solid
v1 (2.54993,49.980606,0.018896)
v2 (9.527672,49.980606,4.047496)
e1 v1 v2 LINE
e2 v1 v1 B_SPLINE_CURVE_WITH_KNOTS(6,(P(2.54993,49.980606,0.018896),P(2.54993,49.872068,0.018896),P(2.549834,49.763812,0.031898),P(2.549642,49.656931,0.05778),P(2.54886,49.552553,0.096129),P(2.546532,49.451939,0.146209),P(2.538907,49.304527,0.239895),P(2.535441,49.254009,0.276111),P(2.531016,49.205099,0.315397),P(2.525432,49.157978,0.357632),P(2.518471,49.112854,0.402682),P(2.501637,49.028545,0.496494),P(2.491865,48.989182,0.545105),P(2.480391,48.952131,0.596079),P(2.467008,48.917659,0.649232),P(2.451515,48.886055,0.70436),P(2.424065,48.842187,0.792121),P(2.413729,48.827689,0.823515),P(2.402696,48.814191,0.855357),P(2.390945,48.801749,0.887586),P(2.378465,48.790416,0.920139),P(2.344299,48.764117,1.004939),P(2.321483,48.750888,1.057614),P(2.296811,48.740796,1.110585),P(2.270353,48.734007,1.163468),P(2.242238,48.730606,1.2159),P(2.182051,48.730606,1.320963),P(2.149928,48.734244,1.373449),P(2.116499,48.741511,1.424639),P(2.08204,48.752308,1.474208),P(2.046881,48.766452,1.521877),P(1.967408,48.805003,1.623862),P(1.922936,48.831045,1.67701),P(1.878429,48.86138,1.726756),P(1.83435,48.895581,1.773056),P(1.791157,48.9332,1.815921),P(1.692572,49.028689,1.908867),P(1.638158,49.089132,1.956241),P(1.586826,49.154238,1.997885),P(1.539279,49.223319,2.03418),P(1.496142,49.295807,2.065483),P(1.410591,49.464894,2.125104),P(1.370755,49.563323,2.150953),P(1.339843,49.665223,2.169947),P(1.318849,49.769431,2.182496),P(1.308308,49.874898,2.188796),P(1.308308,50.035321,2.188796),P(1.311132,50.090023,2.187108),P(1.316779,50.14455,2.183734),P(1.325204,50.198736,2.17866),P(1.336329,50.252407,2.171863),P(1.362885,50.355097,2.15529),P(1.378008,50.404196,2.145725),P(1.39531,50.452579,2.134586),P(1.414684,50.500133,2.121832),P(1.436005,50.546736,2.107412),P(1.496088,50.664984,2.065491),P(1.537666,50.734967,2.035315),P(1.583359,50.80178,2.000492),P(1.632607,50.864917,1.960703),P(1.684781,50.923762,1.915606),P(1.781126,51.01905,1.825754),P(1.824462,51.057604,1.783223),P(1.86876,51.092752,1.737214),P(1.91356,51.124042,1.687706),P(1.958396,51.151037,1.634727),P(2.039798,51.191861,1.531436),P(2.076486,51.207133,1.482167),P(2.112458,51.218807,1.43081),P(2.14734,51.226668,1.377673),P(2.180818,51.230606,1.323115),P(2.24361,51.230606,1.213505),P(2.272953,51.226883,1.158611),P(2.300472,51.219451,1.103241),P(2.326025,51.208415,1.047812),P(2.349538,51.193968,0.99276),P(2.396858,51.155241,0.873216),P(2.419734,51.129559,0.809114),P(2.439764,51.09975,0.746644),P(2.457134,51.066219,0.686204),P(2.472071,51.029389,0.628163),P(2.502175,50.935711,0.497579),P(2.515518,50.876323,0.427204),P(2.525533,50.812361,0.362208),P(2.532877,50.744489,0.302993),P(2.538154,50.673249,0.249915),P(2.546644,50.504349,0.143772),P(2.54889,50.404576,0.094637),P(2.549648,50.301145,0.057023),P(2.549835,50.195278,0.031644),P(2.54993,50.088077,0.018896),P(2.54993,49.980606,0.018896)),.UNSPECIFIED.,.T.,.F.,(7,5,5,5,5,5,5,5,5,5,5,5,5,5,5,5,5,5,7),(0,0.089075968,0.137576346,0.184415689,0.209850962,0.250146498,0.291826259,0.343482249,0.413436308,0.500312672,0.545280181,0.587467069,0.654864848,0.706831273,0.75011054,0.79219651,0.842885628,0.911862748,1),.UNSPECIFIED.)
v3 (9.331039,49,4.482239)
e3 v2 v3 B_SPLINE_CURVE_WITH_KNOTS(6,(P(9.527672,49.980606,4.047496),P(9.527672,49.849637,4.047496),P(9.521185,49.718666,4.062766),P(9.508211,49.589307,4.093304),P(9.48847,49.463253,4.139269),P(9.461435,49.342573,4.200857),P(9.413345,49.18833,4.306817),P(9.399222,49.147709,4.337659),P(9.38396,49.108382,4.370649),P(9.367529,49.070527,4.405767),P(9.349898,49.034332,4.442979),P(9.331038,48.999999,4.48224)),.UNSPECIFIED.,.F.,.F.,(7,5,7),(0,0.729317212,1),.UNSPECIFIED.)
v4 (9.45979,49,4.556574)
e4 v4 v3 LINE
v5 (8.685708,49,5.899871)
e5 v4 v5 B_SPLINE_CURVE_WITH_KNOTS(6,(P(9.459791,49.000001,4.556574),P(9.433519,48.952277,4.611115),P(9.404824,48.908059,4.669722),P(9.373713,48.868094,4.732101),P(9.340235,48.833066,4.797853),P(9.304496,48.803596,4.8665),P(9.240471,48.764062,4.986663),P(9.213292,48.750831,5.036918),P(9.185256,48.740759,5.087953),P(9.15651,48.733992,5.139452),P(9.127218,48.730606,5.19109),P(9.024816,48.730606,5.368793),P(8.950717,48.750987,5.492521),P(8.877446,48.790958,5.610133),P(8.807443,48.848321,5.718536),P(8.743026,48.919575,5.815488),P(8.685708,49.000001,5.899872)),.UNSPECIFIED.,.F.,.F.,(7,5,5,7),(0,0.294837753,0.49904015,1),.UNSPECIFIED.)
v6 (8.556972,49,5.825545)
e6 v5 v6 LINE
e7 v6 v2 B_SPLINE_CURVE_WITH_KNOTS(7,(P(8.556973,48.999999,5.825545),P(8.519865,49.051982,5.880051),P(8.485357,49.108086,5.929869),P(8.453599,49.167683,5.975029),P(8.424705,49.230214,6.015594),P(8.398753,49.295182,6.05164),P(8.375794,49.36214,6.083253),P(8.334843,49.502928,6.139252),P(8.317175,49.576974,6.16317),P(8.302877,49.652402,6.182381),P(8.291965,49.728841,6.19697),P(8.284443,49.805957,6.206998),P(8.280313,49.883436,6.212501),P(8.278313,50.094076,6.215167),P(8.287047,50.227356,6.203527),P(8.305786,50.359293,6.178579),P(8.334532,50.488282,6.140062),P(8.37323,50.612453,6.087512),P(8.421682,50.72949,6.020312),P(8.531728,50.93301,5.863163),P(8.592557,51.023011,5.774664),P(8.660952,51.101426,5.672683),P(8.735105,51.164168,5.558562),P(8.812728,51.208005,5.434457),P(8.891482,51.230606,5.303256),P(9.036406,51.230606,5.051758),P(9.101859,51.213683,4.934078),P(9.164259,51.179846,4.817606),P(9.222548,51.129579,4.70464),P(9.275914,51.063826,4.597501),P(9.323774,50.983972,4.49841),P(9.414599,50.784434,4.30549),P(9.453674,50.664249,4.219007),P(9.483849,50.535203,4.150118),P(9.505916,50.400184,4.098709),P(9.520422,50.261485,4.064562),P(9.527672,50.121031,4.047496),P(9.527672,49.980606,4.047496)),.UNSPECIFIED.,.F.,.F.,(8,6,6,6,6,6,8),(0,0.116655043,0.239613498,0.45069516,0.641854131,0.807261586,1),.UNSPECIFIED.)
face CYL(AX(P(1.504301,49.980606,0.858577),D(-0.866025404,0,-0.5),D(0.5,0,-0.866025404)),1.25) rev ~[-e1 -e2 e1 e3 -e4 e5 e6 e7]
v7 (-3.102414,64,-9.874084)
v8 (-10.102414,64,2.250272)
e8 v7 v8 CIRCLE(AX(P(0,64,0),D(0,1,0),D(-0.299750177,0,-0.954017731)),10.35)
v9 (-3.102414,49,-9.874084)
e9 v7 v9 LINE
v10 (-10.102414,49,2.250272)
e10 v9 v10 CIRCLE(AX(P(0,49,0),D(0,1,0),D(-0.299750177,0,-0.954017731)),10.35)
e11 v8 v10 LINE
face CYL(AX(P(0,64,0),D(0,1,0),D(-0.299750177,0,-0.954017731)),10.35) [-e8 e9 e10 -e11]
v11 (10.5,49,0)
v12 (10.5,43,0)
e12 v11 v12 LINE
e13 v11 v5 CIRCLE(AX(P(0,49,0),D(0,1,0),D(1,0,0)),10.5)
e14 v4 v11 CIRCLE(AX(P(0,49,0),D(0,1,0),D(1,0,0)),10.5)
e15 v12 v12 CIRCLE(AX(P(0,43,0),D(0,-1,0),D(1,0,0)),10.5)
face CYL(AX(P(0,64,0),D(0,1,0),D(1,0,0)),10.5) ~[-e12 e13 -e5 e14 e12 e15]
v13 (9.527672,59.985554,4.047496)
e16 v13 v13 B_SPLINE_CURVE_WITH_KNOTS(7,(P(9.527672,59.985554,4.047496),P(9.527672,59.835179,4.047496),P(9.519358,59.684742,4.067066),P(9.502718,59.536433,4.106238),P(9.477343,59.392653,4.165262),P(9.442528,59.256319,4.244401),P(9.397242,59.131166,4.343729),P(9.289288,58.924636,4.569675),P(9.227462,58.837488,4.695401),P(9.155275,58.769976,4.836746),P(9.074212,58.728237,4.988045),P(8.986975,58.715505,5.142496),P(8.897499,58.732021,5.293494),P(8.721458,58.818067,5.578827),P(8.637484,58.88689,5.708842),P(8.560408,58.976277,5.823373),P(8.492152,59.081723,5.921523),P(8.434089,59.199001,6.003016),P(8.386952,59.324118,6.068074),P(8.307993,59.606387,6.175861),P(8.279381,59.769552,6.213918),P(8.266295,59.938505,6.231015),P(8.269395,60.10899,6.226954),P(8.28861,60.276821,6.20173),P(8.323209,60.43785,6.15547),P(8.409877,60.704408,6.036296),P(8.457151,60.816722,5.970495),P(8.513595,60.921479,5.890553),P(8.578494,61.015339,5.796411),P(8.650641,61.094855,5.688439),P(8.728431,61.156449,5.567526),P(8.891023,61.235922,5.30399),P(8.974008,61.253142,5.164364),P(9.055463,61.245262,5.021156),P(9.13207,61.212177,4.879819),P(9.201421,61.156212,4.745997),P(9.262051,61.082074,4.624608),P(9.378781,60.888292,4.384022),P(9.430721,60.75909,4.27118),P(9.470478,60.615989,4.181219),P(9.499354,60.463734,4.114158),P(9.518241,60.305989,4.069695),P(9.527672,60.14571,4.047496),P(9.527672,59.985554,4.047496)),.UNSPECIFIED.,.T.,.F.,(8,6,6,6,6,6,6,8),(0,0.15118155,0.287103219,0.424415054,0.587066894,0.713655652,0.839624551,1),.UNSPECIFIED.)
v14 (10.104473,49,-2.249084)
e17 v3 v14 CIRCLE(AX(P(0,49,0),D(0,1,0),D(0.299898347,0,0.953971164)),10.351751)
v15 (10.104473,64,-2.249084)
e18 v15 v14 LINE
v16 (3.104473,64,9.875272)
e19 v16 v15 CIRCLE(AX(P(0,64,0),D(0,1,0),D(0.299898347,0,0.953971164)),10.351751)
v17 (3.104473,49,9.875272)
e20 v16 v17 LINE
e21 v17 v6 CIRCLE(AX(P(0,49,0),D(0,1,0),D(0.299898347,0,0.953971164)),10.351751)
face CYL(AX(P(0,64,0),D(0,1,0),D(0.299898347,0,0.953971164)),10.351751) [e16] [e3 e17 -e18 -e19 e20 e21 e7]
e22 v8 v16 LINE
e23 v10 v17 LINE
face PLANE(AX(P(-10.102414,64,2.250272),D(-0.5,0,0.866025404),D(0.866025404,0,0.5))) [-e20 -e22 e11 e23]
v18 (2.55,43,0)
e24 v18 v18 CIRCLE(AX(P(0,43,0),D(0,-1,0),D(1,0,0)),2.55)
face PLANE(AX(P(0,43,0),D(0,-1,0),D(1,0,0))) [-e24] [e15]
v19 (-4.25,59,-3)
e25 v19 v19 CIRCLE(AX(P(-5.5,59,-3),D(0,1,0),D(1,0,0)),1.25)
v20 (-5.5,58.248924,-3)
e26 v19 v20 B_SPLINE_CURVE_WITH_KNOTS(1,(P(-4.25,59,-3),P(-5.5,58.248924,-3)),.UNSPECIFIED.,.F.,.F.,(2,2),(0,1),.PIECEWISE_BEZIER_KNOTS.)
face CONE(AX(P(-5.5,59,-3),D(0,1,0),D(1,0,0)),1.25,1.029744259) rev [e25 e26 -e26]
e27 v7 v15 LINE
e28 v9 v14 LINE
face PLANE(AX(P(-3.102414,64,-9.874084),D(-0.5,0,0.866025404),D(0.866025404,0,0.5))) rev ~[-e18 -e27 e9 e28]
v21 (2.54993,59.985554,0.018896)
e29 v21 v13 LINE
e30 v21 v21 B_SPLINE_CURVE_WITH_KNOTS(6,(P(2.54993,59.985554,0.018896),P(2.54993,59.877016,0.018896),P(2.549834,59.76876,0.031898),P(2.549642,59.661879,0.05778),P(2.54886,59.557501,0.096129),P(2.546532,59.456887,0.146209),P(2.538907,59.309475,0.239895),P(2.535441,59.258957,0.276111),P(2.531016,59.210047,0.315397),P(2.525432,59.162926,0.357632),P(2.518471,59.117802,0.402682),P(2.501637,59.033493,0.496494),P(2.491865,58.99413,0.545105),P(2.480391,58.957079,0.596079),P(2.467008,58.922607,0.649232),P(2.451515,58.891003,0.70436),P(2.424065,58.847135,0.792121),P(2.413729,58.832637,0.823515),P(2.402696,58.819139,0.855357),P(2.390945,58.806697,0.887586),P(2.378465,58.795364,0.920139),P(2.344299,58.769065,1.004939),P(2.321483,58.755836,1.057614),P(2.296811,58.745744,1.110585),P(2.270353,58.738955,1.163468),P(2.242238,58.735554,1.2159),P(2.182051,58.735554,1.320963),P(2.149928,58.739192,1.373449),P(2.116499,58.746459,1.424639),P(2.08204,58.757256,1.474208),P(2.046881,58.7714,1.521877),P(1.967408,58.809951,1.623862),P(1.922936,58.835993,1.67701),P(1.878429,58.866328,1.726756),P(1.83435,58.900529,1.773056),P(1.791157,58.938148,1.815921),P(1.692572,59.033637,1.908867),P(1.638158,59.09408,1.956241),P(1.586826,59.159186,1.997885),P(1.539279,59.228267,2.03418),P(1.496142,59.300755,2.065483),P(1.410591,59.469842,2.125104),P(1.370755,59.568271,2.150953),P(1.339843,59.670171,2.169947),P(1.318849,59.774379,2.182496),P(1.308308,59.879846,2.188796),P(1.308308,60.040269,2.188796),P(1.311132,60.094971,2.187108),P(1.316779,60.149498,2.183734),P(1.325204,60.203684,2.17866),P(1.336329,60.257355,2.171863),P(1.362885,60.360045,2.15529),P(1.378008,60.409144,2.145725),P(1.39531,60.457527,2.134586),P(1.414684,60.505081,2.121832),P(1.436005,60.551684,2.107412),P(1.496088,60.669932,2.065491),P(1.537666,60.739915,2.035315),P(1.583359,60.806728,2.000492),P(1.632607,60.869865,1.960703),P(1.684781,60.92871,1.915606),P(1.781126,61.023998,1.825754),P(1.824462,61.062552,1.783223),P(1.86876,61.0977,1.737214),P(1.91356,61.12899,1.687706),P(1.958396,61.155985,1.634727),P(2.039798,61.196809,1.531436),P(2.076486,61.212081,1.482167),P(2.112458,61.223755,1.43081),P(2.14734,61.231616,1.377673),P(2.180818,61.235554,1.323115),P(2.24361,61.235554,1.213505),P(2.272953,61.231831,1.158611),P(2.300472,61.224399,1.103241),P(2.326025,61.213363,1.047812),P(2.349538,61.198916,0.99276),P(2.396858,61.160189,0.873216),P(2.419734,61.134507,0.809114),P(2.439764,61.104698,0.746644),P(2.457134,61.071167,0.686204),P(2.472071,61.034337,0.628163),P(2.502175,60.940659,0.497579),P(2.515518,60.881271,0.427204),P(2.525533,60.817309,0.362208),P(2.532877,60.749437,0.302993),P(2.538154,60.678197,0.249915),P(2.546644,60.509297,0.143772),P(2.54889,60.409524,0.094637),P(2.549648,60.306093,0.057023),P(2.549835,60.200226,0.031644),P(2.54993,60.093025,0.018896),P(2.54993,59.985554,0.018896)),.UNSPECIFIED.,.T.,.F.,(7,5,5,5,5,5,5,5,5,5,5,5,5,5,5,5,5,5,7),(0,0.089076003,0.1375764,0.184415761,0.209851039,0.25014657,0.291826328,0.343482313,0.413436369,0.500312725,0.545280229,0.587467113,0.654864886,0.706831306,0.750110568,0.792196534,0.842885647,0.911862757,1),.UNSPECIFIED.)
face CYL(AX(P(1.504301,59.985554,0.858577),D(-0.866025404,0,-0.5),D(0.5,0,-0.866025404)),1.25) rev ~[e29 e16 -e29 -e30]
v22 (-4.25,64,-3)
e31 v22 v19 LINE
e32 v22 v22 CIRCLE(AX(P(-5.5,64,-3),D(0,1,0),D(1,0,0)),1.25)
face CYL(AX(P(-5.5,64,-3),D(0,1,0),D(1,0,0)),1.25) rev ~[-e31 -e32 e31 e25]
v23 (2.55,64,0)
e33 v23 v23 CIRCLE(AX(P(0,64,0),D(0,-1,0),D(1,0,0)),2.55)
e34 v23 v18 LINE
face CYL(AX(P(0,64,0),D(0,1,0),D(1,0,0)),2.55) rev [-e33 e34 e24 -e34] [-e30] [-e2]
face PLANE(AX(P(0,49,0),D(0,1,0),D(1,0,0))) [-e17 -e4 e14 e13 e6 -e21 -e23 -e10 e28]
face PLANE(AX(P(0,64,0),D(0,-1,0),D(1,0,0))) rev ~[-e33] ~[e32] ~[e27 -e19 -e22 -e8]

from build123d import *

# Parameters (mm, degrees)
SKETCH001_R    = 10.5
SKETCH001_R_2  = 2.55
PAD001_DEPTH   = 21
SKETCH003_R    = 20.618255
POCKET_DEPTH   = 15
SKETCH015_R    = 1.25
HOLE004_DEPTH  = 5
HOLE004_TIPS_R = 1.25
SKETCH039_R    = 1.25
HOLE011_DEPTH  = 10
HOLE011_TIPS_R = 1.25


with BuildPart() as part:
    # Sketch001 → Pad001 (new body)
    with BuildSketch(Plane.XZ):
        Circle(SKETCH001_R)
        Circle(SKETCH001_R_2, mode=Mode.SUBTRACT)
    extrude(amount=PAD001_DEPTH)

    # Sketch003 (on Face3 of Pad001) → Pocket (cut)
    with BuildSketch(Plane(origin=(0, 0, 0), x_dir=(1, 0, 0), z_dir=(0, 1, 0))):
        Circle(SKETCH003_R)
        with BuildLine():
            ThreePointArc((-3.1024143311, 9.8740835179), (-8.9633629292, 5.175), (-10.1024143311, -2.2502721351))
            Line((-10.1024143311, -2.2502721351), (3.1044730766, -9.8752721351))
            ThreePointArc((3.1044730766, -9.8752721351), (8.9648795095, -5.175875598), (10.1044730766, 2.2490835179))
            Line((-3.1024143311, 9.8740835179), (10.1044730766, 2.2490835179))
        make_face(mode=Mode.SUBTRACT)
    extrude(amount=-POCKET_DEPTH, mode=Mode.SUBTRACT)

    # Sketch015 (on Face9 of Pocket) → Hole004 (cut)
    with BuildSketch(Plane(origin=(0, 0, 0), x_dir=(1, 0, 0), z_dir=(0, 1, 0))):
        with Locations((-5.5, 3)):
            Circle(SKETCH015_R)
    extrude(amount=-HOLE004_DEPTH, mode=Mode.SUBTRACT)

    # Hole004 tips → Hole004 tip 1 section 0
    with BuildSketch(Plane(origin=(0, -5, 0), x_dir=(1, 0, 0), z_dir=(0, 1, 0)), mode=Mode.PRIVATE) as hole004_tip_1_s0:
        with Locations((-5.5, 3)):
            Circle(HOLE004_TIPS_R)
    loft([hole004_tip_1_s0.sketch, Vertex(-5.5, -5.7510757738, -3)], mode=Mode.SUBTRACT)

    # Sketch039 (on DatumPlane) → Hole011 (cut)
    with BuildSketch(Plane(origin=(2, 0, 0), x_dir=(0.5, 0, -0.8660254038), z_dir=(-0.8660254038, 0, -0.5))):
        with Locations((-0.991399, 14.019394)):
            Circle(SKETCH039_R)
        with Locations((-0.991399, 4.014446)):
            Circle(SKETCH039_R)
    extrude(amount=-HOLE011_DEPTH, mode=Mode.SUBTRACT)

    # Hole011 tips → Hole011 tip 1 section 0
    with BuildSketch(Plane(origin=(10.6602540378, 0, 5), x_dir=(0.5, 0, -0.8660254038), z_dir=(-0.8660254038, 0, -0.5)), mode=Mode.PRIVATE) as hole011_tip_1_s0:
        with Locations((-0.991399, 14.019394)):
            Circle(HOLE011_TIPS_R)
    loft([hole011_tip_1_s0.sketch, Vertex(10.8150052381, -14.019394, 6.2341146062)], mode=Mode.SUBTRACT)

    # Hole011 tips → Hole011 tip 2 section 0
    with BuildSketch(Plane(origin=(10.6602540378, 0, 5), x_dir=(0.5, 0, -0.8660254038), z_dir=(-0.8660254038, 0, -0.5)), mode=Mode.PRIVATE) as hole011_tip_2_s0:
        with Locations((-0.991399, 4.014446)):
            Circle(HOLE011_TIPS_R)
    loft([hole011_tip_2_s0.sketch, Vertex(10.8150052381, -4.014446, 6.2341146062)], mode=Mode.SUBTRACT)


with BuildPart() as part_1:
    # Body001 placement: moved
    add(part.part.moved(Location((0, 64, 0))))


solid = part_1.part
